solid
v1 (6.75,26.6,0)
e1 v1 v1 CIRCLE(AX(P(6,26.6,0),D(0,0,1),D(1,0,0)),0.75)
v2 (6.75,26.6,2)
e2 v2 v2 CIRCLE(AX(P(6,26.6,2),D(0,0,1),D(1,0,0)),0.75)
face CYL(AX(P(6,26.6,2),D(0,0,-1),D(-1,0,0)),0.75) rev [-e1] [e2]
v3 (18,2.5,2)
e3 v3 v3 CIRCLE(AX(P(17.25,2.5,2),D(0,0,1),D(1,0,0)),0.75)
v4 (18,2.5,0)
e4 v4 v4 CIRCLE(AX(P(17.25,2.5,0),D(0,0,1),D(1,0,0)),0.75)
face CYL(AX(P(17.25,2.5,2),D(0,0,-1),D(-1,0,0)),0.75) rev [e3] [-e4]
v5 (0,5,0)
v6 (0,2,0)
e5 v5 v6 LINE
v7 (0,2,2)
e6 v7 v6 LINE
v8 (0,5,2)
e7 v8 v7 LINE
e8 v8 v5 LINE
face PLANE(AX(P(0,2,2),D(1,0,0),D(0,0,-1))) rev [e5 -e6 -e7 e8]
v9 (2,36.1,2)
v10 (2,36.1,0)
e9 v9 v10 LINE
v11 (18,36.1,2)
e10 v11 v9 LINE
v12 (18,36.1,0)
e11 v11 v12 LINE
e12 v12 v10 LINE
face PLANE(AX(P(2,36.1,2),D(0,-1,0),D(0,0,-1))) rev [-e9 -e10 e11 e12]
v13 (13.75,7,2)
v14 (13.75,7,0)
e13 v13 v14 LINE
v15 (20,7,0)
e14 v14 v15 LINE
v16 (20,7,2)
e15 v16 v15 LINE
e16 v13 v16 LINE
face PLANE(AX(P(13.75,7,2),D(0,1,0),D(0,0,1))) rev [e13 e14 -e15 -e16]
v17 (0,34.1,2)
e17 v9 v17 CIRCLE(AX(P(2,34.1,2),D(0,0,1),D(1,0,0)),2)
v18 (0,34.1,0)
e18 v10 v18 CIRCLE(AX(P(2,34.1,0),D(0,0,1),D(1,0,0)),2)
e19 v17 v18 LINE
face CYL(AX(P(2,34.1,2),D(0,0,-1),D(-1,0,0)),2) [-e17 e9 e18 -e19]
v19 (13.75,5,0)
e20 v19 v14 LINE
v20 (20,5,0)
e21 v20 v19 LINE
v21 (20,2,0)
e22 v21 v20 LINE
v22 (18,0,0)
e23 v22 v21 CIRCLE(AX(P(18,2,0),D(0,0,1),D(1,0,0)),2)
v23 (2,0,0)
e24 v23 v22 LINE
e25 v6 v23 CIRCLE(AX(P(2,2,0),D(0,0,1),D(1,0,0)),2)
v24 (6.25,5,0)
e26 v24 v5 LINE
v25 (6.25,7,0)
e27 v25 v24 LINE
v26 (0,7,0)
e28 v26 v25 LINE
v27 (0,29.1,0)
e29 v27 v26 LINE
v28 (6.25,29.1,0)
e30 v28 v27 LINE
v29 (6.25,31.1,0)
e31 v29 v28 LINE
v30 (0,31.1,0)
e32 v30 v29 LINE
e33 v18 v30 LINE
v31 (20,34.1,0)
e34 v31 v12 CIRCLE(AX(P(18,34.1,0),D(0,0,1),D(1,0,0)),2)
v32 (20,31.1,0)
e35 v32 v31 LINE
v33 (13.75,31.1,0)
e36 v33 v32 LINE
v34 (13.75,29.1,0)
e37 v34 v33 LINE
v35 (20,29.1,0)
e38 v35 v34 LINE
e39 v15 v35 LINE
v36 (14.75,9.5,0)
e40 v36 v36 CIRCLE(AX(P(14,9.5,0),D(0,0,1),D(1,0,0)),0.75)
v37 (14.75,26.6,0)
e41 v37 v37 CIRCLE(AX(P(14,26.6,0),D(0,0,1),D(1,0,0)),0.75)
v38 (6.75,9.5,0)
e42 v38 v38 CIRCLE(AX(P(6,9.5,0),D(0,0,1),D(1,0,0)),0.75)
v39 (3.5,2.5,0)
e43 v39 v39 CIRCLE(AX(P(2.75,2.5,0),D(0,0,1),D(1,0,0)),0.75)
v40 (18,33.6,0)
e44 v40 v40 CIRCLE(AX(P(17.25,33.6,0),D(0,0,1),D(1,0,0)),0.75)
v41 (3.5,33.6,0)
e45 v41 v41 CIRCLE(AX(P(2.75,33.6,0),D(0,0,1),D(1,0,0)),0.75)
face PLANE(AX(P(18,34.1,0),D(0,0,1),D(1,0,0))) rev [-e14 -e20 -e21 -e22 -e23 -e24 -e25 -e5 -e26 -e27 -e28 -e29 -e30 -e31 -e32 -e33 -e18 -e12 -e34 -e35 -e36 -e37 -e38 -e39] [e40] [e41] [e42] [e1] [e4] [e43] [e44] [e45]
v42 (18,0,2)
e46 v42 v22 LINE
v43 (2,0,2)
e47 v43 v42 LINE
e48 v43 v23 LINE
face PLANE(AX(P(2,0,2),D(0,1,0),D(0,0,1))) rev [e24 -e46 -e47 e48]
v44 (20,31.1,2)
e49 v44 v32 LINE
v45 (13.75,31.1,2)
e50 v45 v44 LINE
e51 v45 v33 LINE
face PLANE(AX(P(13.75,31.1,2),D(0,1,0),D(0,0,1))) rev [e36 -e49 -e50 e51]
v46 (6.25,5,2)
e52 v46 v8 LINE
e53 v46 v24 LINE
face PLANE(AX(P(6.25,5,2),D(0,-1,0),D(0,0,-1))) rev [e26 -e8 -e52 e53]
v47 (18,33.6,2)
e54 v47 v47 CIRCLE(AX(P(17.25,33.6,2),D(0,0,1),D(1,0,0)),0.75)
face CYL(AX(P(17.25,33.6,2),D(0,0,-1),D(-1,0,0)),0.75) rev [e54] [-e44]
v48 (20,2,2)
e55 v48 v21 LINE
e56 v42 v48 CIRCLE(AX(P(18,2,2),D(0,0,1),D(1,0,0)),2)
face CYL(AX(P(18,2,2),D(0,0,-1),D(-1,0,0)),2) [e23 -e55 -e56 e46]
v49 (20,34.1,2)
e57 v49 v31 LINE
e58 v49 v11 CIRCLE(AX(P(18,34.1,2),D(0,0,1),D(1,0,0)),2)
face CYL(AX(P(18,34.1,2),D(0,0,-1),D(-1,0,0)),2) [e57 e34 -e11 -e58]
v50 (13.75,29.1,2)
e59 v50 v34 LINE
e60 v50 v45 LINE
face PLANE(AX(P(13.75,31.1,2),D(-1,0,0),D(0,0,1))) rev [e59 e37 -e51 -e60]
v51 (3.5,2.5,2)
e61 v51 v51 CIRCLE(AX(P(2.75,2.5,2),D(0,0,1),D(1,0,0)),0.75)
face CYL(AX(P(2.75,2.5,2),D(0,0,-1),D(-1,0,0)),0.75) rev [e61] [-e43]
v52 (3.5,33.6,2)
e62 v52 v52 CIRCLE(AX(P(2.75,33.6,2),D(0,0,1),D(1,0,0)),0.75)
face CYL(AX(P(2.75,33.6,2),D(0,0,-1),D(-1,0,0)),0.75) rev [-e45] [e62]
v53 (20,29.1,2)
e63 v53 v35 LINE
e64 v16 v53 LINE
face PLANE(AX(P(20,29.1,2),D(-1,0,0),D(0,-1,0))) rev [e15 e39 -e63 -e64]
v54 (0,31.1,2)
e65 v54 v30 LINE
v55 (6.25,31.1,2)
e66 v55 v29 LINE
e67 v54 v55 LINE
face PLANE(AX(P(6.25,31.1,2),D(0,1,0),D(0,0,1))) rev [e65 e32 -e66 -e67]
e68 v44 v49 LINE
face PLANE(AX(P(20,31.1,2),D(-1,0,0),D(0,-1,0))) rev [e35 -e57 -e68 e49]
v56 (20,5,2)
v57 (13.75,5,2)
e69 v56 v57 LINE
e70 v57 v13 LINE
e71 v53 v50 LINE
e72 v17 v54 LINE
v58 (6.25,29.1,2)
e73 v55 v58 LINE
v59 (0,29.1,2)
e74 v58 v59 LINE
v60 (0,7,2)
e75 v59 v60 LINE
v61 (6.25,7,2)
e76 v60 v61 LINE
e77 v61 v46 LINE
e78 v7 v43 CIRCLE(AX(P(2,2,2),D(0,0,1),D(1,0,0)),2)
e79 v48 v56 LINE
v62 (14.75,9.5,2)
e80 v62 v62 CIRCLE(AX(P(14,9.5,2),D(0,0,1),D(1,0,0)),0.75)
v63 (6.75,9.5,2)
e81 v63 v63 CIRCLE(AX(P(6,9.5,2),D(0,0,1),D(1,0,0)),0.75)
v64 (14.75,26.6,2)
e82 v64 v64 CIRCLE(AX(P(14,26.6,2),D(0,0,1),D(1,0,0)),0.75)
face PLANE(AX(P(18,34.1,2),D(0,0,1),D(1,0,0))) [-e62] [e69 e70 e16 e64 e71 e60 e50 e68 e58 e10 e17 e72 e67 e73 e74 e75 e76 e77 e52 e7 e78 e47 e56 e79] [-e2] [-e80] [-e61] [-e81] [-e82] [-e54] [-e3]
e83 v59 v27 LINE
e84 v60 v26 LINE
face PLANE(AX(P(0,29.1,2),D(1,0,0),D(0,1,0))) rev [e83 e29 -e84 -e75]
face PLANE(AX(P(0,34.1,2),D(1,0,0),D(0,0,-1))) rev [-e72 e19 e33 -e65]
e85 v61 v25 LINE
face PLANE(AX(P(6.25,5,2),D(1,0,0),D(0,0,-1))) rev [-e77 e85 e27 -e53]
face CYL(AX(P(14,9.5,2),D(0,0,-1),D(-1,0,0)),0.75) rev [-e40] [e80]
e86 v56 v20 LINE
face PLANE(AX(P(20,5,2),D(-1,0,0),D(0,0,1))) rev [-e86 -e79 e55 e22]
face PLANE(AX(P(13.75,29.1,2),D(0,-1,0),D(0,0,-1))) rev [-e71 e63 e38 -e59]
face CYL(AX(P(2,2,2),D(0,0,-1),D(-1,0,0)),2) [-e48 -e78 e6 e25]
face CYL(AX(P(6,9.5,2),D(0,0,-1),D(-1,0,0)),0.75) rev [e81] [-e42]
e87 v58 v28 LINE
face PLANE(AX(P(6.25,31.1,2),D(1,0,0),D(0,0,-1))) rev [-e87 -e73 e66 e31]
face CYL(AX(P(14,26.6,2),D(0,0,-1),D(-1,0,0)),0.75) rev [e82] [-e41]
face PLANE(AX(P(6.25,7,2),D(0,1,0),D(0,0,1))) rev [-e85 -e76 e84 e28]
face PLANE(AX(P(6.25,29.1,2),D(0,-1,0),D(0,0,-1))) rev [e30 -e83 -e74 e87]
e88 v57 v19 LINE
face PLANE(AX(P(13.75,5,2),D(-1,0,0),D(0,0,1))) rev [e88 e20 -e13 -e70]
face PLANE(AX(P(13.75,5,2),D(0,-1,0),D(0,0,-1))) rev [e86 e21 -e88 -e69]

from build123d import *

# Parameters (mm, degrees)
MODEL_R             = 0.75
BOSS_EXTRUDE1_DEPTH = 2


with BuildPart() as part:
    # Model → Boss-Extrude1 (new body)
    with BuildSketch(Plane.XY):
        with BuildLine():
            Line((2, 36.1), (18, 36.1))
            ThreePointArc((18, 36.1), (19.414213562, 35.514213562), (20, 34.1))
            Line((20, 34.1), (20, 31.1))
            Line((20, 31.1), (13.75, 31.1))
            Line((13.75, 31.1), (13.75, 29.1))
            Line((13.75, 29.1), (20, 29.1))
            Line((20, 29.1), (20, 7))
            Line((20, 7), (13.75, 7))
            Line((13.75, 7), (13.75, 5))
            Line((13.75, 5), (20, 5))
            Line((20, 5), (20, 2))
            ThreePointArc((20, 2), (19.414213562, 0.585786438), (18, 0))
            Line((18, 0), (2, 0))
            ThreePointArc((2, 0), (0.585786438, 0.585786438), (0, 2))
            Line((0, 2), (0, 5))
            Line((0, 5), (6.25, 5))
            Line((6.25, 5), (6.25, 7))
            Line((6.25, 7), (0, 7))
            Line((0, 7), (0, 29.1))
            Line((0, 29.1), (6.25, 29.1))
            Line((6.25, 29.1), (6.25, 31.1))
            Line((6.25, 31.1), (0, 31.1))
            Line((0, 31.1), (0, 34.1))
            ThreePointArc((0, 34.1), (0.585786438, 35.514213562), (2, 36.1))
        make_face()
        with Locations((14, 26.6)):
            Circle(MODEL_R, mode=Mode.SUBTRACT)
        with Locations((6, 26.6)):
            Circle(MODEL_R, mode=Mode.SUBTRACT)
        with Locations((14, 9.5)):
            Circle(MODEL_R, mode=Mode.SUBTRACT)
        with Locations((6, 9.5)):
            Circle(MODEL_R, mode=Mode.SUBTRACT)
        with Locations((17.25, 2.5)):
            Circle(MODEL_R, mode=Mode.SUBTRACT)
        with Locations((2.75, 2.5)):
            Circle(MODEL_R, mode=Mode.SUBTRACT)
        with Locations((17.25, 33.6)):
            Circle(MODEL_R, mode=Mode.SUBTRACT)
        with Locations((2.75, 33.6)):
            Circle(MODEL_R, mode=Mode.SUBTRACT)
    extrude(amount=BOSS_EXTRUDE1_DEPTH)


solid = part.part
